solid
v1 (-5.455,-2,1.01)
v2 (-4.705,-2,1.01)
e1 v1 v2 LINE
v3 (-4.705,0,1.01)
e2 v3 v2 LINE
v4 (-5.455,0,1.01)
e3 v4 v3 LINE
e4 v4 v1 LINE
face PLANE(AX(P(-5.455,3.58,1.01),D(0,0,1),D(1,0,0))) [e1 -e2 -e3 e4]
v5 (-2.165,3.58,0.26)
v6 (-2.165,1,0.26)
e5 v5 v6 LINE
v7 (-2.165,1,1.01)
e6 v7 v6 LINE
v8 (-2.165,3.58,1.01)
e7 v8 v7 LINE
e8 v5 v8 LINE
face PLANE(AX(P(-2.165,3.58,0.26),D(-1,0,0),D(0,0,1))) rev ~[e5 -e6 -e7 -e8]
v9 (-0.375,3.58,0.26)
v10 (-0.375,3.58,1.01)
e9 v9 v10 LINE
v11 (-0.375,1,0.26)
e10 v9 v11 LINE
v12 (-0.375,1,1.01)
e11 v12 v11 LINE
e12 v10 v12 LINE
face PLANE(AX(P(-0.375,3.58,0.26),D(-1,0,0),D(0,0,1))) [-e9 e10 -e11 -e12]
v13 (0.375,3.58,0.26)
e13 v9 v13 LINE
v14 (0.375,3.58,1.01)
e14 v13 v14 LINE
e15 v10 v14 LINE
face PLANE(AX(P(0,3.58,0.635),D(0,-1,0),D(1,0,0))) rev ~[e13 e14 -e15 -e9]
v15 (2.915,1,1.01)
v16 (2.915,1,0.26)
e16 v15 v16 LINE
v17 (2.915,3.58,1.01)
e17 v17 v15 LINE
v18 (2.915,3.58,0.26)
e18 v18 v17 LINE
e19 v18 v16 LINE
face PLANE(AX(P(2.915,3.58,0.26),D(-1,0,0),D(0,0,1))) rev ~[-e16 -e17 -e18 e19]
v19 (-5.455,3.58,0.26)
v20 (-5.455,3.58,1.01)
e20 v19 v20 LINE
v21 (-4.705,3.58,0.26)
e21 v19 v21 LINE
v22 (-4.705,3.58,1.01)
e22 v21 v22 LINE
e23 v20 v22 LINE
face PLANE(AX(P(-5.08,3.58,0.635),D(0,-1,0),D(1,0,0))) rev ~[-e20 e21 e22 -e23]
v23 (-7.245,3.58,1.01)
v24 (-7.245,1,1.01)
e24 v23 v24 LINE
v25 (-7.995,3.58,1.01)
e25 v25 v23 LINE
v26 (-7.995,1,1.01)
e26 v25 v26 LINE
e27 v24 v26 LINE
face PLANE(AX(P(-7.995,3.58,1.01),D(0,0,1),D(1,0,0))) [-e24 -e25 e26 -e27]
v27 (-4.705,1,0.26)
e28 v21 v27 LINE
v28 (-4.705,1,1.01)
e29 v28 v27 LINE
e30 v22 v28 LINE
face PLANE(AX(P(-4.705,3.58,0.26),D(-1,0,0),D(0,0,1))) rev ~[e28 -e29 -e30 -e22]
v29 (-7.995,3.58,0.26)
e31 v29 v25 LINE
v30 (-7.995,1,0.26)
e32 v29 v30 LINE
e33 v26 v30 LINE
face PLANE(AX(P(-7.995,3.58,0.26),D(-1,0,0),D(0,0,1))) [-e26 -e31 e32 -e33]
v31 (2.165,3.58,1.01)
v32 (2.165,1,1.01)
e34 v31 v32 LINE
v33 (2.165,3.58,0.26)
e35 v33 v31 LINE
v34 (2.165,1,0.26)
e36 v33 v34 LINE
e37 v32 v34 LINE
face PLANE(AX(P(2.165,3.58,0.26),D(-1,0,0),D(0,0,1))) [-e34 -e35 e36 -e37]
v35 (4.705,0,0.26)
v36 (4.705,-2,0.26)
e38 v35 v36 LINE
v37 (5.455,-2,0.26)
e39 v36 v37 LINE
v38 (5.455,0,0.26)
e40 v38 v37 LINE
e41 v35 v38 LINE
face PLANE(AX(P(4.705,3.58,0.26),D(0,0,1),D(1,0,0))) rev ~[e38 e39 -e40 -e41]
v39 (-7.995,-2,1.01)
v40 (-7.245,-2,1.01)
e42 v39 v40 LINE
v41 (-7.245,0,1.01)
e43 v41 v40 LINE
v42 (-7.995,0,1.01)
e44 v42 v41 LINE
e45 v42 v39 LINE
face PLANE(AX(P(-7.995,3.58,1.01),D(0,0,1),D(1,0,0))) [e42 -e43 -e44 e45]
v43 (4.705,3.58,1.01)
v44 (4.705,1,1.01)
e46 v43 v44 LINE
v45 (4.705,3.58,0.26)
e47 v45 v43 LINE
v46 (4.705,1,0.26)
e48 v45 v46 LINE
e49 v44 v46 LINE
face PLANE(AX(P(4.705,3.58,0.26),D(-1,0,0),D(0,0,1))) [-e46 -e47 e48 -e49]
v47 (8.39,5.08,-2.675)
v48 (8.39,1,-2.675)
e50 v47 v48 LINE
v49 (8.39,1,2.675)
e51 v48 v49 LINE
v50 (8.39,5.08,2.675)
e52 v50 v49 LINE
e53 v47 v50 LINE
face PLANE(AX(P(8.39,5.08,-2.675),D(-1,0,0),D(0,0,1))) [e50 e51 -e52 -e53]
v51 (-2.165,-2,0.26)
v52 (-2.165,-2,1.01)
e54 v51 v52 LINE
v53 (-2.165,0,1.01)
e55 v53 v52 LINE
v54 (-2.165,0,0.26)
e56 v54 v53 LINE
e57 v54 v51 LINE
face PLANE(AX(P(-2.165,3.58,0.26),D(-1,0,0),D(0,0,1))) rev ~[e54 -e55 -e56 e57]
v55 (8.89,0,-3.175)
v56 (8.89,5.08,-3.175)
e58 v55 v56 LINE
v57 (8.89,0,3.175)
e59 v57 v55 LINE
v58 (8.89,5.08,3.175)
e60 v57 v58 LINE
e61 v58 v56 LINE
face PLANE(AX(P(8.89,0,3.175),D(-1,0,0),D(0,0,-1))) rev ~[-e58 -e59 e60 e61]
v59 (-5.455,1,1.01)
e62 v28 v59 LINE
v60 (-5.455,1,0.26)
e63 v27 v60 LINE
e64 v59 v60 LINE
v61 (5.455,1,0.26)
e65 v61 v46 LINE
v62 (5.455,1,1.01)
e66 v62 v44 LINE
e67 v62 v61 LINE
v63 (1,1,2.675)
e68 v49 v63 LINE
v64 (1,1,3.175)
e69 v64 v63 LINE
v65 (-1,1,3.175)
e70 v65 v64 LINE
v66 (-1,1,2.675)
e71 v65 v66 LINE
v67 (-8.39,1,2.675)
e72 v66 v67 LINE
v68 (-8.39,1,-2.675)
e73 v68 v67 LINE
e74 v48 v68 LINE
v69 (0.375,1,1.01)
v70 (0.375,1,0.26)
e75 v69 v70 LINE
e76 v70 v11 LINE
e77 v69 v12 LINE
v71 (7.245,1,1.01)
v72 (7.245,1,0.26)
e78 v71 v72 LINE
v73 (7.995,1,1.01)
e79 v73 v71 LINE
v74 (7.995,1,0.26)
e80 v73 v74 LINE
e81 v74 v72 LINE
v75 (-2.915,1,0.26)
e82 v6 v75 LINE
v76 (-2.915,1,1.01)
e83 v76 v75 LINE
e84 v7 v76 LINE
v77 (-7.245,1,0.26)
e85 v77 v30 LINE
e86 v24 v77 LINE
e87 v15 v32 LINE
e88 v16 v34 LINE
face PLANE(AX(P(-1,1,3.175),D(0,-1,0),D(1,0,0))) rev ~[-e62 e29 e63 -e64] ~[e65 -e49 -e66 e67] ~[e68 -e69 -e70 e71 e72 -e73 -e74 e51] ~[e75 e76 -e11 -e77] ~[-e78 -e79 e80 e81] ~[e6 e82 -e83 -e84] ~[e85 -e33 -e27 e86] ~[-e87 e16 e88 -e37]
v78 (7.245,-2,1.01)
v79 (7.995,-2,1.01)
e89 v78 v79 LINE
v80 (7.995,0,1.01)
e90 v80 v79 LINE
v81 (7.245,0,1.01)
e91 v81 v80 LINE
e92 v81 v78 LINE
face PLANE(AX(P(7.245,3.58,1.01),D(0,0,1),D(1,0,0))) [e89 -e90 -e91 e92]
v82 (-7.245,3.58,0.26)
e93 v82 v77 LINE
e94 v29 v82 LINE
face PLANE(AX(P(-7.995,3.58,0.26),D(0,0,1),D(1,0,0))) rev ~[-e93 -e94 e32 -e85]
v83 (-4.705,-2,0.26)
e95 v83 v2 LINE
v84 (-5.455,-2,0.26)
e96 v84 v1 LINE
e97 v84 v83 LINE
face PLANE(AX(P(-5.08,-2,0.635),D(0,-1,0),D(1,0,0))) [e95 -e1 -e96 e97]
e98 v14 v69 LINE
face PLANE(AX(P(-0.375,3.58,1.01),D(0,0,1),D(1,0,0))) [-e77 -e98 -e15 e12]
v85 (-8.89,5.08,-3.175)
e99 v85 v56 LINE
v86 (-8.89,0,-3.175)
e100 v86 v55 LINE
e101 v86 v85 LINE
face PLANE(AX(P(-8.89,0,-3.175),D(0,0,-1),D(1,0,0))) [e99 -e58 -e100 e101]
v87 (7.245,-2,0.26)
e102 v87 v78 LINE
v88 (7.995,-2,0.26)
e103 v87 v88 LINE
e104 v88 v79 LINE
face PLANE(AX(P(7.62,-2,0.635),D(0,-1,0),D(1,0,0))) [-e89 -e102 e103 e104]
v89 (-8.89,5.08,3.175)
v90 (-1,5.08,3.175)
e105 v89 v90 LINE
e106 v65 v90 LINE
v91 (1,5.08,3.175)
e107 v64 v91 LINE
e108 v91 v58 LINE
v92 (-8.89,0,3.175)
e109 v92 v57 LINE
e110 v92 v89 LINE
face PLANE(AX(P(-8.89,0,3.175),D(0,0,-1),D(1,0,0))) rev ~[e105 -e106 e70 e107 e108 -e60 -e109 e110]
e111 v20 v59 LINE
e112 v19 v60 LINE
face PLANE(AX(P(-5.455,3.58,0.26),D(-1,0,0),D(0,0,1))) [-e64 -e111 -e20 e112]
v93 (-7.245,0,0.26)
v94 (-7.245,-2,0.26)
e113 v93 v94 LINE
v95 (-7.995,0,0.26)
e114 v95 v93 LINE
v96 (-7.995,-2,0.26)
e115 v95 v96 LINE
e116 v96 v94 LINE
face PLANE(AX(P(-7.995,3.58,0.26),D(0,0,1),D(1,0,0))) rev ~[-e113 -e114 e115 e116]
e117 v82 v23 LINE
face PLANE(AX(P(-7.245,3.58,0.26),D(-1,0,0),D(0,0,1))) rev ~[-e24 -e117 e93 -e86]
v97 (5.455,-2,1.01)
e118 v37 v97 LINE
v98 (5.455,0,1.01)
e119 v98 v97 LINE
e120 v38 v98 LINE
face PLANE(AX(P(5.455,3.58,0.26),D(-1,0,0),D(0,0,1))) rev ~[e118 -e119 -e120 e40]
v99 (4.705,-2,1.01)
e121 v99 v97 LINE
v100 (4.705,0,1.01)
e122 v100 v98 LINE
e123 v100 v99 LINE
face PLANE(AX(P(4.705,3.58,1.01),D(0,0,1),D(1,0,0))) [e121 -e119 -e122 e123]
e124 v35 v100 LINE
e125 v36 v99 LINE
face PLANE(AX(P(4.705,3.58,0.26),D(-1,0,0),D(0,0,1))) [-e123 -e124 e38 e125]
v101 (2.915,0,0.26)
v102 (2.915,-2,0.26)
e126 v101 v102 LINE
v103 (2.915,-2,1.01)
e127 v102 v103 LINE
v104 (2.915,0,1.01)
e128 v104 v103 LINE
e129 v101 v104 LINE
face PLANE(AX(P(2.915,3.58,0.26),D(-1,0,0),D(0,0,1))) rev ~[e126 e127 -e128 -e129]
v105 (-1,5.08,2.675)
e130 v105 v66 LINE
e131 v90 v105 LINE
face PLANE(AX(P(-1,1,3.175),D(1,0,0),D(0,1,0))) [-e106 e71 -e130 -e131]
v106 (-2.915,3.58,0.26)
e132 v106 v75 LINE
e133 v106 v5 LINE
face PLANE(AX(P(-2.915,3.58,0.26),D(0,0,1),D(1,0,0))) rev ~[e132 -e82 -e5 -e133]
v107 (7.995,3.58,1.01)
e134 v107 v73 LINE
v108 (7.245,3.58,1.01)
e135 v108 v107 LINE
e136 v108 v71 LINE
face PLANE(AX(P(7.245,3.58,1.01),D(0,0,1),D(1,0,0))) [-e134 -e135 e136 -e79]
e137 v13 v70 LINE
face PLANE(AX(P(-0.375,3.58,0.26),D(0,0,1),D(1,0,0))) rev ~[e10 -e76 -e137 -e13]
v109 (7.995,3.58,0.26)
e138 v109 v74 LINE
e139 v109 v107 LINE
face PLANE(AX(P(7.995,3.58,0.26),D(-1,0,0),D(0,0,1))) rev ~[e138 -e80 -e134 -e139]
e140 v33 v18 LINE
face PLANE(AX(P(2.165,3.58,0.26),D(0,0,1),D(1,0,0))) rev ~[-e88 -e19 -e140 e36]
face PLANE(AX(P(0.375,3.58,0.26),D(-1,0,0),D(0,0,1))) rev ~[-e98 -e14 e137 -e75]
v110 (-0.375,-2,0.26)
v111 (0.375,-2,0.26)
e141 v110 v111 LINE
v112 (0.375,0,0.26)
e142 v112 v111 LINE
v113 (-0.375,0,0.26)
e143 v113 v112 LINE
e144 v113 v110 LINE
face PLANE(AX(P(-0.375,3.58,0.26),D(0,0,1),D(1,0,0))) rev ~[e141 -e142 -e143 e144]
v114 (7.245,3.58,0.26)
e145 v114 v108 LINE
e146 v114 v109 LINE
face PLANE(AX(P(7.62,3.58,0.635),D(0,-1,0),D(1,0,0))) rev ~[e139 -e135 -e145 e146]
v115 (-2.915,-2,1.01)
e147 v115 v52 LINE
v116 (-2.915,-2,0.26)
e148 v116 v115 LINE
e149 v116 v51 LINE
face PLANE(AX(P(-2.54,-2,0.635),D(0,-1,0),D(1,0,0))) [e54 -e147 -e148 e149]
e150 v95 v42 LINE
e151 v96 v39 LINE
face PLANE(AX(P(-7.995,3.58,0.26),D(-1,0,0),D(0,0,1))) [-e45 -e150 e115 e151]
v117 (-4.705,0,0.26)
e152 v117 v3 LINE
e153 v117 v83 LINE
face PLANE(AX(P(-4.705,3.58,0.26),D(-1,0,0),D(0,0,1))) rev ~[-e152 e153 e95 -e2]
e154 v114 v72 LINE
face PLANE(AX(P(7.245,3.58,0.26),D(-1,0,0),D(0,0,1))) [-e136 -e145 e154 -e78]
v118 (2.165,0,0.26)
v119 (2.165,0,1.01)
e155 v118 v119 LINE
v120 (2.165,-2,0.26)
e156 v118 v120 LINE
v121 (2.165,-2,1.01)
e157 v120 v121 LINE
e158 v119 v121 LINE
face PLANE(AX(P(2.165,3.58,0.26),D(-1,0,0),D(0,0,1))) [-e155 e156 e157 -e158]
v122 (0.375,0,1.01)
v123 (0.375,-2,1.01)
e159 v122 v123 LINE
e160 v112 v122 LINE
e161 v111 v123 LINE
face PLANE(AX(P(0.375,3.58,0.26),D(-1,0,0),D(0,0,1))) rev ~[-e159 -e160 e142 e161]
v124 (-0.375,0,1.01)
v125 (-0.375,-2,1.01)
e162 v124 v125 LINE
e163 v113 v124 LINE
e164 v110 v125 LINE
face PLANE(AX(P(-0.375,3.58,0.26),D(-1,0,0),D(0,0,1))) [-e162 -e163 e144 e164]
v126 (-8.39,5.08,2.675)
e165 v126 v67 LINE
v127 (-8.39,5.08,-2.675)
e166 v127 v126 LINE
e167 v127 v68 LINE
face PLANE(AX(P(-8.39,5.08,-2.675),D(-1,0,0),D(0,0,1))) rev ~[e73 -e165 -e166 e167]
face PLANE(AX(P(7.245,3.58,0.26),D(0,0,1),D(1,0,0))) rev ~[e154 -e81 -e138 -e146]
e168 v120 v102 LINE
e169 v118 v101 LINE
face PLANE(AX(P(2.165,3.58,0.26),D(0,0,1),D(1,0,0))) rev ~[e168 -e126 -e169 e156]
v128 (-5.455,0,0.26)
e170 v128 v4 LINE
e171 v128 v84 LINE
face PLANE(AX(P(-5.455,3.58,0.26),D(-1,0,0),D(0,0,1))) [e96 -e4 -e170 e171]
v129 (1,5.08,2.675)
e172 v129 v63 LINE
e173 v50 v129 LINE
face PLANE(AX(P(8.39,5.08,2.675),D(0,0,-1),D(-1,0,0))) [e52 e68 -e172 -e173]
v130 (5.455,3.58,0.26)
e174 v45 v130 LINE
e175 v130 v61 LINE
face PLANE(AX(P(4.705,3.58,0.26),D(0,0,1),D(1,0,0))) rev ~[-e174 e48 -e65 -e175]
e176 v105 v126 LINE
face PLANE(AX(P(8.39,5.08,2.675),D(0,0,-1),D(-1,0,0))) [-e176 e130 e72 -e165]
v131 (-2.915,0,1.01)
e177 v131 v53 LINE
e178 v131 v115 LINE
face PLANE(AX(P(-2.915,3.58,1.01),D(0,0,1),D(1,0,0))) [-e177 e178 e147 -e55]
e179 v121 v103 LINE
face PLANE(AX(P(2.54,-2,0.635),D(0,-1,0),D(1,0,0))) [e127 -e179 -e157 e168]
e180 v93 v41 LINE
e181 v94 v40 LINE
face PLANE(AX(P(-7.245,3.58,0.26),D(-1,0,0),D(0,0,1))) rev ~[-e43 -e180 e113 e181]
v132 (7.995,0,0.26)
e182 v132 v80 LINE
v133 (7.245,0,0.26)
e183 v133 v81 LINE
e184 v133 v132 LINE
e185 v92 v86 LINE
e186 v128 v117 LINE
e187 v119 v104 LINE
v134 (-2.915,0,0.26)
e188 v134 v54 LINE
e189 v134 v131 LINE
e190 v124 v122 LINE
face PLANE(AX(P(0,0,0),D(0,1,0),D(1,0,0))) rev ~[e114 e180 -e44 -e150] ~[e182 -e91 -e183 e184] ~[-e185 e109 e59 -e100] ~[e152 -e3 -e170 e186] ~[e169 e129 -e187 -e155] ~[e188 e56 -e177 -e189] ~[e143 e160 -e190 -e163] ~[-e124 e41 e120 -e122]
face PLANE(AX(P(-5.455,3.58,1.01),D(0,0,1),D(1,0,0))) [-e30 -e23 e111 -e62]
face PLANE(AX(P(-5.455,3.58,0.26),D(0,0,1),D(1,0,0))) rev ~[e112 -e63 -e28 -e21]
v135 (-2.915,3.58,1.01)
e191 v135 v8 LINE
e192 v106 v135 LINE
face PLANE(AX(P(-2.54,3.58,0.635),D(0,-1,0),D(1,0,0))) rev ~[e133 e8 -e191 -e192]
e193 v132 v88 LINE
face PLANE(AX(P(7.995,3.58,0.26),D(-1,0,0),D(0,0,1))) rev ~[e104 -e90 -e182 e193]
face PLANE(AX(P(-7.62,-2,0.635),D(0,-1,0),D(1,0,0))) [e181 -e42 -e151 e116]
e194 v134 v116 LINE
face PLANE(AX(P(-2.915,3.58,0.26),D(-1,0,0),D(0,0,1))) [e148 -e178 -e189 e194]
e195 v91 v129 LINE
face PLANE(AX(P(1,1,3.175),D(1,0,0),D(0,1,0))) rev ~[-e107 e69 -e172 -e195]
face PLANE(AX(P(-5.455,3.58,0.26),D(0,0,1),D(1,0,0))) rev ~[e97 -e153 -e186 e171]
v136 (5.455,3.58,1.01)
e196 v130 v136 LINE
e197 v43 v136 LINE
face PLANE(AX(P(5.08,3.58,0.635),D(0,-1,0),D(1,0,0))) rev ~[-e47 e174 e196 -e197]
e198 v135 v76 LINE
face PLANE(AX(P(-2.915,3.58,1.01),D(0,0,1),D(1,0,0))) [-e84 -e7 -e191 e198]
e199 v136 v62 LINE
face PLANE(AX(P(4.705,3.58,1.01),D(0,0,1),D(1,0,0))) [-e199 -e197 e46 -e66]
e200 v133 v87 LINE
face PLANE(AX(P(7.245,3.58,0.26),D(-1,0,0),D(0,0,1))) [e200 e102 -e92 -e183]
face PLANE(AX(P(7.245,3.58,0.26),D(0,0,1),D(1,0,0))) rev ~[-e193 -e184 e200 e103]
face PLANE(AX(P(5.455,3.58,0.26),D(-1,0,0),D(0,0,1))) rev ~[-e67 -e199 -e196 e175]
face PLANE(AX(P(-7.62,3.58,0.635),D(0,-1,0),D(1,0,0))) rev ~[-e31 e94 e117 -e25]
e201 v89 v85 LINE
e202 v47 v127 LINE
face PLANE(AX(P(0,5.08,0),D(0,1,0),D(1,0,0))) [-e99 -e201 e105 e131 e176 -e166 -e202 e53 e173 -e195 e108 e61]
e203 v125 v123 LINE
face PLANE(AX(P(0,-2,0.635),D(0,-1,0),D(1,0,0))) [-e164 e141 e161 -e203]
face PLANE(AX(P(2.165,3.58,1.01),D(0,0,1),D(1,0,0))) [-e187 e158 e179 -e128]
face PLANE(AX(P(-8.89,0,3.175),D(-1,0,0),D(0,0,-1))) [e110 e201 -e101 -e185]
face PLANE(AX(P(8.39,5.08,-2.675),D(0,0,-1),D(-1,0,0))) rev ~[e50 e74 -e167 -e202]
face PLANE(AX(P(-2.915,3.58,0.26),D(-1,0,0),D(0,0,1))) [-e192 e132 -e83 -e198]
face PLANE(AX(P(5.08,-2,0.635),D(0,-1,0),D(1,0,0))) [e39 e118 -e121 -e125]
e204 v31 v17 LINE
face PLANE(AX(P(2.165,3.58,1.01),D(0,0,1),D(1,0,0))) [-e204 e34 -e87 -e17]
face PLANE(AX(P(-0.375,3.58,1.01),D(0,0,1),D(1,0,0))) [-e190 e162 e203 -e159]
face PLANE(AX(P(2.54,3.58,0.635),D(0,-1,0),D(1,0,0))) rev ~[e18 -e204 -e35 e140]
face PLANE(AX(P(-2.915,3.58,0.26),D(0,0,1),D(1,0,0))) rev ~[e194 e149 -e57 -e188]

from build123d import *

# Parameters (mm, degrees)
SKETCH_1_W           = 17.78
SKETCH_1_H           = 6.35
EXTRUDE_1_DEPTH      = 5.08
SKETCH_2_W           = 16.78
SKETCH_2_H           = 5.35
CUT_EXTRUDE_1_DEPTH  = 4.08
SKETCH_3_W           = 2
SKETCH_3_H           = 4.08
CUT_EXTRUDE_2_DEPTH  = 1
EXTRUDE_2_DEPTH      = 2
EXTRUDE_2_DEPTH_BACK = 3.58
SKETCH_4_W           = 0.75
SKETCH_4_H           = 0.75


with BuildPart() as part:
    # 草图1 → 拉伸1 (new body)
    with BuildSketch(Plane(origin=(0, 0, 0), x_dir=(1, 0, 0), z_dir=(0, 1, 0))):
        Rectangle(SKETCH_1_W, SKETCH_1_H)
    extrude(amount=EXTRUDE_1_DEPTH)

    # 草图2 → 切除-拉伸1 (cut)
    with BuildSketch(Plane(origin=(0, 5.08, 0), x_dir=(-1, 0, 0), z_dir=(0, 1, 0))):
        Rectangle(SKETCH_2_W, SKETCH_2_H)
    extrude(amount=-CUT_EXTRUDE_1_DEPTH, mode=Mode.SUBTRACT)

    # 草图3 → 切除-拉伸2 (cut)
    with BuildSketch(Plane.XY.offset(3.175)):
        with Locations((0, 3.04)):
            Rectangle(SKETCH_3_W, SKETCH_3_H)
    extrude(amount=-CUT_EXTRUDE_2_DEPTH, mode=Mode.SUBTRACT)

    # 草图4 → 拉伸2 (add, two sides: drawn at the far end of the back side and taken through both)
    with BuildSketch(Plane.XZ.offset(-EXTRUDE_2_DEPTH_BACK)):
        with Locations((5.08, 0.635)):
            Rectangle(SKETCH_4_W, SKETCH_4_H)
        with Locations((0, 0.635)):
            Rectangle(SKETCH_4_W, SKETCH_4_H)
        with Locations((2.54, 0.635)):
            Rectangle(SKETCH_4_W, SKETCH_4_H)
        with Locations((7.62, 0.635)):
            Rectangle(SKETCH_4_W, SKETCH_4_H)
        with Locations((-2.54, 0.635)):
            Rectangle(SKETCH_4_W, SKETCH_4_H)
        with Locations((-7.62, 0.635)):
            Rectangle(SKETCH_4_W, SKETCH_4_H)
        with Locations((-5.08, 0.635)):
            Rectangle(SKETCH_4_W, SKETCH_4_H)
    extrude(amount=EXTRUDE_2_DEPTH + EXTRUDE_2_DEPTH_BACK)


solid = part.part
